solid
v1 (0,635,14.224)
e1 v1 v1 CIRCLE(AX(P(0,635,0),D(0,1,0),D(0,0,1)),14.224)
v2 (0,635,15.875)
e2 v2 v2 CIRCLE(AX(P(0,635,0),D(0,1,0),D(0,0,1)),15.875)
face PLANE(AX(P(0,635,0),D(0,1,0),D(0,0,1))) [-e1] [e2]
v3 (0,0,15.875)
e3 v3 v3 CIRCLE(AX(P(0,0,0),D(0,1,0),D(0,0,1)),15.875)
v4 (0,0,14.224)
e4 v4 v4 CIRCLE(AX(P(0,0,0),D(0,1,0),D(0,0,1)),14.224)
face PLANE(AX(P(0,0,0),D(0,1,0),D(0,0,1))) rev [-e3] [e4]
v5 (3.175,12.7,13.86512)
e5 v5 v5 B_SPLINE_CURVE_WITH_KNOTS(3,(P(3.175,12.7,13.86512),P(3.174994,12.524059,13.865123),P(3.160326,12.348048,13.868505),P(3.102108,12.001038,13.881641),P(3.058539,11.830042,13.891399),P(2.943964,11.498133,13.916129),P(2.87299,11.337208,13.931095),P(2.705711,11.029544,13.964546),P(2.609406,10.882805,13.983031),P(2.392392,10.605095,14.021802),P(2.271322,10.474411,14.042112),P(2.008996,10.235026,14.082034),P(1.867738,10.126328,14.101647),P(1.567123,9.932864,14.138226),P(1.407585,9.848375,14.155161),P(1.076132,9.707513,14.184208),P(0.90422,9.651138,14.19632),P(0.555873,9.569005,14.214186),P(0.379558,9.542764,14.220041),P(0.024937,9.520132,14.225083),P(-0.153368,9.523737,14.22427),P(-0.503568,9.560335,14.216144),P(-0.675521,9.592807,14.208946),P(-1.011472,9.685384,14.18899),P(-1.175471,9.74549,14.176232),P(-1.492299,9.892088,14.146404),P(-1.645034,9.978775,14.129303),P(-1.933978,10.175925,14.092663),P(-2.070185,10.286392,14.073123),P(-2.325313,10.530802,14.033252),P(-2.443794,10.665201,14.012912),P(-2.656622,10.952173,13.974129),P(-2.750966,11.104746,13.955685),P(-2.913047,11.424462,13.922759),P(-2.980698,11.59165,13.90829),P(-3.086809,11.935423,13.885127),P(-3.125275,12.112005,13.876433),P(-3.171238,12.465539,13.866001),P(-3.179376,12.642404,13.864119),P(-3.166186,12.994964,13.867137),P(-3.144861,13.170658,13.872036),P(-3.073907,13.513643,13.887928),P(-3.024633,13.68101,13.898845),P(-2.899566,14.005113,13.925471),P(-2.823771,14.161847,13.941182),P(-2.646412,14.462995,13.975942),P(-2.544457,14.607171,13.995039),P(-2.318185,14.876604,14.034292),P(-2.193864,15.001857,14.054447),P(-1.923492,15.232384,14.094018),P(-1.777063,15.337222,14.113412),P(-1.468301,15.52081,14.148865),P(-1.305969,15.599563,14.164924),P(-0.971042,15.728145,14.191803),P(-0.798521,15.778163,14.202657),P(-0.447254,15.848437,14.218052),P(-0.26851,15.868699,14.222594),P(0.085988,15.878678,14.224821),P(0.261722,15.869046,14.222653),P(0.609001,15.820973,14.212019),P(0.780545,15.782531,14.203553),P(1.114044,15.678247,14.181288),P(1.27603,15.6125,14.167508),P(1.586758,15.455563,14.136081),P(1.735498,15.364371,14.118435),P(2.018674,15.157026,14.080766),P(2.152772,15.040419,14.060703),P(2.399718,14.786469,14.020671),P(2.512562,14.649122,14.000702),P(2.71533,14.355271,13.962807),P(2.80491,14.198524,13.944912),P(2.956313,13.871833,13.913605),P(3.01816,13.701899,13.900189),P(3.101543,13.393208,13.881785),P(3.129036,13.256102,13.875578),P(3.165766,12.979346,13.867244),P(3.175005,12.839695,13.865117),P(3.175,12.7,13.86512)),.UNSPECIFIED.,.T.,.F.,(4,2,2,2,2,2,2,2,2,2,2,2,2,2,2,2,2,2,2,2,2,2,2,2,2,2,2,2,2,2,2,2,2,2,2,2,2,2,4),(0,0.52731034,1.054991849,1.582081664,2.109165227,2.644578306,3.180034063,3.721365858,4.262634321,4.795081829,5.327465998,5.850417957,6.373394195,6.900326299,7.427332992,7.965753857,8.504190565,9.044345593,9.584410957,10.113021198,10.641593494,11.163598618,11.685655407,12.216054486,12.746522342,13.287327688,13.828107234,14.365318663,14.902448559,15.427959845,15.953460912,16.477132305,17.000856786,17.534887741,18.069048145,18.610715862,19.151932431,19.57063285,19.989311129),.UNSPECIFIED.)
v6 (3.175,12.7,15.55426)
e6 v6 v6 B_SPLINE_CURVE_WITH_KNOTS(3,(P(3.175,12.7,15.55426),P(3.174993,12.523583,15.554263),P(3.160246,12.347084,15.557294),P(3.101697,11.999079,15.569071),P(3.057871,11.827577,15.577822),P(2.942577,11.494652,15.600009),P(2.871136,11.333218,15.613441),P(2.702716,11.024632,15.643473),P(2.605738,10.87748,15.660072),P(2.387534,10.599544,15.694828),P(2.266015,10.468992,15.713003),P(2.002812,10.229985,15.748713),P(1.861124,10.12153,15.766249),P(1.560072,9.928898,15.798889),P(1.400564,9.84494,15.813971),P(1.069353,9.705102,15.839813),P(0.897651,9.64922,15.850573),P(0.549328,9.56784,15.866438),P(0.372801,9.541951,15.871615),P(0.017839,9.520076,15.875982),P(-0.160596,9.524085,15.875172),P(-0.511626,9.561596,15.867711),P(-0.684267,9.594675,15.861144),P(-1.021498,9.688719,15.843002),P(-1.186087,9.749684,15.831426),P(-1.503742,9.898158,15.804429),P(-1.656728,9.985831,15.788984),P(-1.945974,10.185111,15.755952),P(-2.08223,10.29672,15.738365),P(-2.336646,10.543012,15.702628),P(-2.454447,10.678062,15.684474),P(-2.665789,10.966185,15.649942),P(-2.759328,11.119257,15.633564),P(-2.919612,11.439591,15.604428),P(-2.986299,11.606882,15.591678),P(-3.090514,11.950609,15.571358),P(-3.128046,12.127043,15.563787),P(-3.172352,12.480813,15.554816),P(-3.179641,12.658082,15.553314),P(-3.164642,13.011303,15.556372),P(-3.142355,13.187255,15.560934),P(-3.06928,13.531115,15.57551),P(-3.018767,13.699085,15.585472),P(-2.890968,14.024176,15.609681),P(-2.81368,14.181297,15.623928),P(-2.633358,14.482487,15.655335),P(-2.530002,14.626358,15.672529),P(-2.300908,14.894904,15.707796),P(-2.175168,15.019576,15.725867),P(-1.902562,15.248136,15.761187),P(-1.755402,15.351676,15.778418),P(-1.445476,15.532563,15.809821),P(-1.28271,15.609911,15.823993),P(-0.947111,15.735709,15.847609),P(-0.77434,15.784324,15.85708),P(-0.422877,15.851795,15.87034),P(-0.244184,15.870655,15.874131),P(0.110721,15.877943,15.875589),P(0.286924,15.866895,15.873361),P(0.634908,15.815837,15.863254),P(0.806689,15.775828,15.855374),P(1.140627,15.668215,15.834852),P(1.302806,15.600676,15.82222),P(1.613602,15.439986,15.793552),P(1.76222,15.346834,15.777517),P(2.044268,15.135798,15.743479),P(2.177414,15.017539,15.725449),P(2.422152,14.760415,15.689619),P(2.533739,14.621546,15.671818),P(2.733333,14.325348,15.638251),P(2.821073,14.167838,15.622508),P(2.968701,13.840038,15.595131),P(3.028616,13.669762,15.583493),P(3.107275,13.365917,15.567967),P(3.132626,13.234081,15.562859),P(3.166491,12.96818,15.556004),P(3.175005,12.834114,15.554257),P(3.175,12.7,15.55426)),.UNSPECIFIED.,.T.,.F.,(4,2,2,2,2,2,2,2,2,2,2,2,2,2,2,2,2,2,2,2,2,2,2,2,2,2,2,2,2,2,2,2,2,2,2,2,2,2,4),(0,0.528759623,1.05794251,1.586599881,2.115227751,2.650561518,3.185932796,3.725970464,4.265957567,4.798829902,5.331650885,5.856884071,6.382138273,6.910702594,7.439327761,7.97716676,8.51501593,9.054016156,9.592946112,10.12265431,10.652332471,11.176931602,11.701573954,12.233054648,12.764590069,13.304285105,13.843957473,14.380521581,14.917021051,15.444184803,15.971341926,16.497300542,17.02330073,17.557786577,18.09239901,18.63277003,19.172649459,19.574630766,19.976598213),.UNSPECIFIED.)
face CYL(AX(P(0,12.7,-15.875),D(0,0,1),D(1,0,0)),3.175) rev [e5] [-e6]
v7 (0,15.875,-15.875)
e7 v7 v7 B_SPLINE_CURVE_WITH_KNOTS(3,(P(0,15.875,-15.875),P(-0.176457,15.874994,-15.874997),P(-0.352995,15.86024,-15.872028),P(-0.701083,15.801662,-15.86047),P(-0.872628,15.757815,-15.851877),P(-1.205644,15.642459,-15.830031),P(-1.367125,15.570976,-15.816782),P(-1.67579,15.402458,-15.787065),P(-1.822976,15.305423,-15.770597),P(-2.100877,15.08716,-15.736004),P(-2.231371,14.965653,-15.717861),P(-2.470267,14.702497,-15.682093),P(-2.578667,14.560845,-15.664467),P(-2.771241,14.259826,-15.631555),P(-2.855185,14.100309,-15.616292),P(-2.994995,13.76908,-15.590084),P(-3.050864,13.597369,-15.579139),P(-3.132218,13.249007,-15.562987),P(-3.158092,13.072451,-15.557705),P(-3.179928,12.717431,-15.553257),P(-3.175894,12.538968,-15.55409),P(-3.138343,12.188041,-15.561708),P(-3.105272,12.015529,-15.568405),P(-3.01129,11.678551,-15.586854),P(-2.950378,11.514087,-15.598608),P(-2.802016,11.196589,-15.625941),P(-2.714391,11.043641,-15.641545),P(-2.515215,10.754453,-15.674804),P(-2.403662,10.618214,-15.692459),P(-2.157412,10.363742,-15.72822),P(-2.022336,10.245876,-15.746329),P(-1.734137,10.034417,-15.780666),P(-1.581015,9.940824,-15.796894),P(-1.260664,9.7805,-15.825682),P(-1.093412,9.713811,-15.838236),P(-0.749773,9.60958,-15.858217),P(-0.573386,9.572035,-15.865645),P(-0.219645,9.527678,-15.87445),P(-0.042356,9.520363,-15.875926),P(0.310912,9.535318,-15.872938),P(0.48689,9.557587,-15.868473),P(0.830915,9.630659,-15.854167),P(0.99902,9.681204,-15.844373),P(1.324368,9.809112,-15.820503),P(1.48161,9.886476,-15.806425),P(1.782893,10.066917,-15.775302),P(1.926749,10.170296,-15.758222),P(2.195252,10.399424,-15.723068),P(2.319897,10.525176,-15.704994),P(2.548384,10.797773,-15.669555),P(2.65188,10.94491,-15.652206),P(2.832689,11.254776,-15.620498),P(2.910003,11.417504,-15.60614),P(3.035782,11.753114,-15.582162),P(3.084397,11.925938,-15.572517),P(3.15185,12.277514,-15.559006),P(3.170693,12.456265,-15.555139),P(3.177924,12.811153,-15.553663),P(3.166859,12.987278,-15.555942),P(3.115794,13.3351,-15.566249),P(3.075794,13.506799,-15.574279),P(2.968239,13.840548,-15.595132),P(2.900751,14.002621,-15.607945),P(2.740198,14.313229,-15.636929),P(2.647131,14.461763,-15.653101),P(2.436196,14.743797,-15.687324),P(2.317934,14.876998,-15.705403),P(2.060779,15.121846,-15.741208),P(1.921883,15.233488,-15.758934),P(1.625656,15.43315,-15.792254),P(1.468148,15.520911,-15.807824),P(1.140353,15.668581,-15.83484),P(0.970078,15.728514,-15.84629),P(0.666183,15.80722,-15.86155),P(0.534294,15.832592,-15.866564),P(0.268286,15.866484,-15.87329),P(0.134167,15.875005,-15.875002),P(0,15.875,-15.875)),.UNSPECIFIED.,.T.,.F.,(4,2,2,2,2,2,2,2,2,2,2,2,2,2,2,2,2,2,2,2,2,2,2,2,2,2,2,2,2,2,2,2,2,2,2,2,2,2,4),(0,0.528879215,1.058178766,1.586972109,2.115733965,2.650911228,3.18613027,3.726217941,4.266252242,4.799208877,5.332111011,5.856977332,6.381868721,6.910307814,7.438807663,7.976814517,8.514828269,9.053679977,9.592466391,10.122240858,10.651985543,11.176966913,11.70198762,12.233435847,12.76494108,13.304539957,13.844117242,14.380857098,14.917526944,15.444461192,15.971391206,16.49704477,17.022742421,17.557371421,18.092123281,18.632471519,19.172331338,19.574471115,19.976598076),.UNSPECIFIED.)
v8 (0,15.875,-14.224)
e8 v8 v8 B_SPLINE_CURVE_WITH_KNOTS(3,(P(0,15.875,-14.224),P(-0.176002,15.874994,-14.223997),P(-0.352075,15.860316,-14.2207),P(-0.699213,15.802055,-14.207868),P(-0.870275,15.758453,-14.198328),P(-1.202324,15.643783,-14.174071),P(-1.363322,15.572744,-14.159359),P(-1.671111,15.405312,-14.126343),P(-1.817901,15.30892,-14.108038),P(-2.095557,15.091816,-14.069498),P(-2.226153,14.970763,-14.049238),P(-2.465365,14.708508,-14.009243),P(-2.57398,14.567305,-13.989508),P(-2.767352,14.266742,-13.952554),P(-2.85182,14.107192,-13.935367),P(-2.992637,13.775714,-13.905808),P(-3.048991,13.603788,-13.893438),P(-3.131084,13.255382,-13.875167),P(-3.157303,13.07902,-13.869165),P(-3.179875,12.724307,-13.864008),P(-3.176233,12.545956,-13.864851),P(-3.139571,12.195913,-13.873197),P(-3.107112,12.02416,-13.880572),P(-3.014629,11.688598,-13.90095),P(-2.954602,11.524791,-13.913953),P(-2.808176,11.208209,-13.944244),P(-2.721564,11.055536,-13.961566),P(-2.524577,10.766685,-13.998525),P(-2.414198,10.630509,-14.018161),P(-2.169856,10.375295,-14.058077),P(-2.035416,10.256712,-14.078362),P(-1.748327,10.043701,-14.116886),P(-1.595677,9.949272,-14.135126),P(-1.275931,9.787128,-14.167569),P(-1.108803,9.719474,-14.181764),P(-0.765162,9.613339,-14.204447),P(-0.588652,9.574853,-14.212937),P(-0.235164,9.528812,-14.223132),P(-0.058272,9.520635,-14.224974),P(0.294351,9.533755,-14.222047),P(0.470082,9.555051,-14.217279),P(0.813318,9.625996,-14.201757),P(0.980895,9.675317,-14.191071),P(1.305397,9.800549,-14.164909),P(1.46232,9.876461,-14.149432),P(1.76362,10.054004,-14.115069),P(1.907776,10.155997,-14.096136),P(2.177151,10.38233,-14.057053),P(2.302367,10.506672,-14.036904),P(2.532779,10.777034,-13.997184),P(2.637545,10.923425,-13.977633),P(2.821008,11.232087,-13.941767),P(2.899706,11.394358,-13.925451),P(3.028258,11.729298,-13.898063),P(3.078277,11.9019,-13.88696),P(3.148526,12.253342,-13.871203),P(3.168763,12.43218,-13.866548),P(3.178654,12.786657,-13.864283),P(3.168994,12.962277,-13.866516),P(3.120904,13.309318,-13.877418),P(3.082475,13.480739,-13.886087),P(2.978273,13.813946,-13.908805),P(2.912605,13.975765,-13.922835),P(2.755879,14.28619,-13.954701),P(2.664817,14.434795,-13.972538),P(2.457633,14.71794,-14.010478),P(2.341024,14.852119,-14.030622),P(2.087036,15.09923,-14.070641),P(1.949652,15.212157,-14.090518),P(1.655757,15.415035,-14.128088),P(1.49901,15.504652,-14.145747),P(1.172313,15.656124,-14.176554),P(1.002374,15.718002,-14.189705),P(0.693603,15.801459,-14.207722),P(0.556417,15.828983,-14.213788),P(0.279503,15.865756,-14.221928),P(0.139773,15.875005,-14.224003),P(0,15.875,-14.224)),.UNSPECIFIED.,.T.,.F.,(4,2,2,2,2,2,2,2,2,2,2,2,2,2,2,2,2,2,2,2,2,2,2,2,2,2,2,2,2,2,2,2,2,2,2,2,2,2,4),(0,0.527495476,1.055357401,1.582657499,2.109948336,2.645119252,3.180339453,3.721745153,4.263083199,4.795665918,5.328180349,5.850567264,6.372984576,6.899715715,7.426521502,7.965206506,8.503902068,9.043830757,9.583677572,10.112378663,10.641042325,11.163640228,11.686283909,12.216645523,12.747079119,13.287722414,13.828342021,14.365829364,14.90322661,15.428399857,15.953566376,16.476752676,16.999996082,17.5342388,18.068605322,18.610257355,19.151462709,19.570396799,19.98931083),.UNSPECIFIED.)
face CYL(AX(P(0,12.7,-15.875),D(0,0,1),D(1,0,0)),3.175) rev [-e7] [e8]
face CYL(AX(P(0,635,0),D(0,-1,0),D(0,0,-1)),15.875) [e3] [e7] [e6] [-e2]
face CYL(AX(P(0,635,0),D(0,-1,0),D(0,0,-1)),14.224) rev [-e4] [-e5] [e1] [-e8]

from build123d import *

# Parameters (mm, degrees)
SKETCH1_R               = 15.875
SKETCH1_R_2             = 14.224
BOSS_EXTRUDE1_DEPTH     = 635
CUT_EXTRUDE1_DEPTH      = 636.396751054
CUT_EXTRUDE1_DEPTH_BACK = 636.396751054
SKETCH2_R               = 3.175


with BuildPart() as part:
    # Sketch1 → Boss-Extrude1 (new body)
    with BuildSketch(Plane(origin=(0, 0, 0), x_dir=(1, 0, 0), z_dir=(0, 1, 0))):
        Circle(SKETCH1_R)
        Circle(SKETCH1_R_2, mode=Mode.SUBTRACT)
    extrude(amount=BOSS_EXTRUDE1_DEPTH)

    # Sketch2 → Cut-Extrude1 (cut, two sides: drawn at the far end of the back side and taken through both)
    with BuildSketch(Plane.XY.offset(-CUT_EXTRUDE1_DEPTH_BACK)):
        with Locations((0, 12.7)):
            Circle(SKETCH2_R)
    extrude(amount=CUT_EXTRUDE1_DEPTH + CUT_EXTRUDE1_DEPTH_BACK, mode=Mode.SUBTRACT)


solid = part.part
